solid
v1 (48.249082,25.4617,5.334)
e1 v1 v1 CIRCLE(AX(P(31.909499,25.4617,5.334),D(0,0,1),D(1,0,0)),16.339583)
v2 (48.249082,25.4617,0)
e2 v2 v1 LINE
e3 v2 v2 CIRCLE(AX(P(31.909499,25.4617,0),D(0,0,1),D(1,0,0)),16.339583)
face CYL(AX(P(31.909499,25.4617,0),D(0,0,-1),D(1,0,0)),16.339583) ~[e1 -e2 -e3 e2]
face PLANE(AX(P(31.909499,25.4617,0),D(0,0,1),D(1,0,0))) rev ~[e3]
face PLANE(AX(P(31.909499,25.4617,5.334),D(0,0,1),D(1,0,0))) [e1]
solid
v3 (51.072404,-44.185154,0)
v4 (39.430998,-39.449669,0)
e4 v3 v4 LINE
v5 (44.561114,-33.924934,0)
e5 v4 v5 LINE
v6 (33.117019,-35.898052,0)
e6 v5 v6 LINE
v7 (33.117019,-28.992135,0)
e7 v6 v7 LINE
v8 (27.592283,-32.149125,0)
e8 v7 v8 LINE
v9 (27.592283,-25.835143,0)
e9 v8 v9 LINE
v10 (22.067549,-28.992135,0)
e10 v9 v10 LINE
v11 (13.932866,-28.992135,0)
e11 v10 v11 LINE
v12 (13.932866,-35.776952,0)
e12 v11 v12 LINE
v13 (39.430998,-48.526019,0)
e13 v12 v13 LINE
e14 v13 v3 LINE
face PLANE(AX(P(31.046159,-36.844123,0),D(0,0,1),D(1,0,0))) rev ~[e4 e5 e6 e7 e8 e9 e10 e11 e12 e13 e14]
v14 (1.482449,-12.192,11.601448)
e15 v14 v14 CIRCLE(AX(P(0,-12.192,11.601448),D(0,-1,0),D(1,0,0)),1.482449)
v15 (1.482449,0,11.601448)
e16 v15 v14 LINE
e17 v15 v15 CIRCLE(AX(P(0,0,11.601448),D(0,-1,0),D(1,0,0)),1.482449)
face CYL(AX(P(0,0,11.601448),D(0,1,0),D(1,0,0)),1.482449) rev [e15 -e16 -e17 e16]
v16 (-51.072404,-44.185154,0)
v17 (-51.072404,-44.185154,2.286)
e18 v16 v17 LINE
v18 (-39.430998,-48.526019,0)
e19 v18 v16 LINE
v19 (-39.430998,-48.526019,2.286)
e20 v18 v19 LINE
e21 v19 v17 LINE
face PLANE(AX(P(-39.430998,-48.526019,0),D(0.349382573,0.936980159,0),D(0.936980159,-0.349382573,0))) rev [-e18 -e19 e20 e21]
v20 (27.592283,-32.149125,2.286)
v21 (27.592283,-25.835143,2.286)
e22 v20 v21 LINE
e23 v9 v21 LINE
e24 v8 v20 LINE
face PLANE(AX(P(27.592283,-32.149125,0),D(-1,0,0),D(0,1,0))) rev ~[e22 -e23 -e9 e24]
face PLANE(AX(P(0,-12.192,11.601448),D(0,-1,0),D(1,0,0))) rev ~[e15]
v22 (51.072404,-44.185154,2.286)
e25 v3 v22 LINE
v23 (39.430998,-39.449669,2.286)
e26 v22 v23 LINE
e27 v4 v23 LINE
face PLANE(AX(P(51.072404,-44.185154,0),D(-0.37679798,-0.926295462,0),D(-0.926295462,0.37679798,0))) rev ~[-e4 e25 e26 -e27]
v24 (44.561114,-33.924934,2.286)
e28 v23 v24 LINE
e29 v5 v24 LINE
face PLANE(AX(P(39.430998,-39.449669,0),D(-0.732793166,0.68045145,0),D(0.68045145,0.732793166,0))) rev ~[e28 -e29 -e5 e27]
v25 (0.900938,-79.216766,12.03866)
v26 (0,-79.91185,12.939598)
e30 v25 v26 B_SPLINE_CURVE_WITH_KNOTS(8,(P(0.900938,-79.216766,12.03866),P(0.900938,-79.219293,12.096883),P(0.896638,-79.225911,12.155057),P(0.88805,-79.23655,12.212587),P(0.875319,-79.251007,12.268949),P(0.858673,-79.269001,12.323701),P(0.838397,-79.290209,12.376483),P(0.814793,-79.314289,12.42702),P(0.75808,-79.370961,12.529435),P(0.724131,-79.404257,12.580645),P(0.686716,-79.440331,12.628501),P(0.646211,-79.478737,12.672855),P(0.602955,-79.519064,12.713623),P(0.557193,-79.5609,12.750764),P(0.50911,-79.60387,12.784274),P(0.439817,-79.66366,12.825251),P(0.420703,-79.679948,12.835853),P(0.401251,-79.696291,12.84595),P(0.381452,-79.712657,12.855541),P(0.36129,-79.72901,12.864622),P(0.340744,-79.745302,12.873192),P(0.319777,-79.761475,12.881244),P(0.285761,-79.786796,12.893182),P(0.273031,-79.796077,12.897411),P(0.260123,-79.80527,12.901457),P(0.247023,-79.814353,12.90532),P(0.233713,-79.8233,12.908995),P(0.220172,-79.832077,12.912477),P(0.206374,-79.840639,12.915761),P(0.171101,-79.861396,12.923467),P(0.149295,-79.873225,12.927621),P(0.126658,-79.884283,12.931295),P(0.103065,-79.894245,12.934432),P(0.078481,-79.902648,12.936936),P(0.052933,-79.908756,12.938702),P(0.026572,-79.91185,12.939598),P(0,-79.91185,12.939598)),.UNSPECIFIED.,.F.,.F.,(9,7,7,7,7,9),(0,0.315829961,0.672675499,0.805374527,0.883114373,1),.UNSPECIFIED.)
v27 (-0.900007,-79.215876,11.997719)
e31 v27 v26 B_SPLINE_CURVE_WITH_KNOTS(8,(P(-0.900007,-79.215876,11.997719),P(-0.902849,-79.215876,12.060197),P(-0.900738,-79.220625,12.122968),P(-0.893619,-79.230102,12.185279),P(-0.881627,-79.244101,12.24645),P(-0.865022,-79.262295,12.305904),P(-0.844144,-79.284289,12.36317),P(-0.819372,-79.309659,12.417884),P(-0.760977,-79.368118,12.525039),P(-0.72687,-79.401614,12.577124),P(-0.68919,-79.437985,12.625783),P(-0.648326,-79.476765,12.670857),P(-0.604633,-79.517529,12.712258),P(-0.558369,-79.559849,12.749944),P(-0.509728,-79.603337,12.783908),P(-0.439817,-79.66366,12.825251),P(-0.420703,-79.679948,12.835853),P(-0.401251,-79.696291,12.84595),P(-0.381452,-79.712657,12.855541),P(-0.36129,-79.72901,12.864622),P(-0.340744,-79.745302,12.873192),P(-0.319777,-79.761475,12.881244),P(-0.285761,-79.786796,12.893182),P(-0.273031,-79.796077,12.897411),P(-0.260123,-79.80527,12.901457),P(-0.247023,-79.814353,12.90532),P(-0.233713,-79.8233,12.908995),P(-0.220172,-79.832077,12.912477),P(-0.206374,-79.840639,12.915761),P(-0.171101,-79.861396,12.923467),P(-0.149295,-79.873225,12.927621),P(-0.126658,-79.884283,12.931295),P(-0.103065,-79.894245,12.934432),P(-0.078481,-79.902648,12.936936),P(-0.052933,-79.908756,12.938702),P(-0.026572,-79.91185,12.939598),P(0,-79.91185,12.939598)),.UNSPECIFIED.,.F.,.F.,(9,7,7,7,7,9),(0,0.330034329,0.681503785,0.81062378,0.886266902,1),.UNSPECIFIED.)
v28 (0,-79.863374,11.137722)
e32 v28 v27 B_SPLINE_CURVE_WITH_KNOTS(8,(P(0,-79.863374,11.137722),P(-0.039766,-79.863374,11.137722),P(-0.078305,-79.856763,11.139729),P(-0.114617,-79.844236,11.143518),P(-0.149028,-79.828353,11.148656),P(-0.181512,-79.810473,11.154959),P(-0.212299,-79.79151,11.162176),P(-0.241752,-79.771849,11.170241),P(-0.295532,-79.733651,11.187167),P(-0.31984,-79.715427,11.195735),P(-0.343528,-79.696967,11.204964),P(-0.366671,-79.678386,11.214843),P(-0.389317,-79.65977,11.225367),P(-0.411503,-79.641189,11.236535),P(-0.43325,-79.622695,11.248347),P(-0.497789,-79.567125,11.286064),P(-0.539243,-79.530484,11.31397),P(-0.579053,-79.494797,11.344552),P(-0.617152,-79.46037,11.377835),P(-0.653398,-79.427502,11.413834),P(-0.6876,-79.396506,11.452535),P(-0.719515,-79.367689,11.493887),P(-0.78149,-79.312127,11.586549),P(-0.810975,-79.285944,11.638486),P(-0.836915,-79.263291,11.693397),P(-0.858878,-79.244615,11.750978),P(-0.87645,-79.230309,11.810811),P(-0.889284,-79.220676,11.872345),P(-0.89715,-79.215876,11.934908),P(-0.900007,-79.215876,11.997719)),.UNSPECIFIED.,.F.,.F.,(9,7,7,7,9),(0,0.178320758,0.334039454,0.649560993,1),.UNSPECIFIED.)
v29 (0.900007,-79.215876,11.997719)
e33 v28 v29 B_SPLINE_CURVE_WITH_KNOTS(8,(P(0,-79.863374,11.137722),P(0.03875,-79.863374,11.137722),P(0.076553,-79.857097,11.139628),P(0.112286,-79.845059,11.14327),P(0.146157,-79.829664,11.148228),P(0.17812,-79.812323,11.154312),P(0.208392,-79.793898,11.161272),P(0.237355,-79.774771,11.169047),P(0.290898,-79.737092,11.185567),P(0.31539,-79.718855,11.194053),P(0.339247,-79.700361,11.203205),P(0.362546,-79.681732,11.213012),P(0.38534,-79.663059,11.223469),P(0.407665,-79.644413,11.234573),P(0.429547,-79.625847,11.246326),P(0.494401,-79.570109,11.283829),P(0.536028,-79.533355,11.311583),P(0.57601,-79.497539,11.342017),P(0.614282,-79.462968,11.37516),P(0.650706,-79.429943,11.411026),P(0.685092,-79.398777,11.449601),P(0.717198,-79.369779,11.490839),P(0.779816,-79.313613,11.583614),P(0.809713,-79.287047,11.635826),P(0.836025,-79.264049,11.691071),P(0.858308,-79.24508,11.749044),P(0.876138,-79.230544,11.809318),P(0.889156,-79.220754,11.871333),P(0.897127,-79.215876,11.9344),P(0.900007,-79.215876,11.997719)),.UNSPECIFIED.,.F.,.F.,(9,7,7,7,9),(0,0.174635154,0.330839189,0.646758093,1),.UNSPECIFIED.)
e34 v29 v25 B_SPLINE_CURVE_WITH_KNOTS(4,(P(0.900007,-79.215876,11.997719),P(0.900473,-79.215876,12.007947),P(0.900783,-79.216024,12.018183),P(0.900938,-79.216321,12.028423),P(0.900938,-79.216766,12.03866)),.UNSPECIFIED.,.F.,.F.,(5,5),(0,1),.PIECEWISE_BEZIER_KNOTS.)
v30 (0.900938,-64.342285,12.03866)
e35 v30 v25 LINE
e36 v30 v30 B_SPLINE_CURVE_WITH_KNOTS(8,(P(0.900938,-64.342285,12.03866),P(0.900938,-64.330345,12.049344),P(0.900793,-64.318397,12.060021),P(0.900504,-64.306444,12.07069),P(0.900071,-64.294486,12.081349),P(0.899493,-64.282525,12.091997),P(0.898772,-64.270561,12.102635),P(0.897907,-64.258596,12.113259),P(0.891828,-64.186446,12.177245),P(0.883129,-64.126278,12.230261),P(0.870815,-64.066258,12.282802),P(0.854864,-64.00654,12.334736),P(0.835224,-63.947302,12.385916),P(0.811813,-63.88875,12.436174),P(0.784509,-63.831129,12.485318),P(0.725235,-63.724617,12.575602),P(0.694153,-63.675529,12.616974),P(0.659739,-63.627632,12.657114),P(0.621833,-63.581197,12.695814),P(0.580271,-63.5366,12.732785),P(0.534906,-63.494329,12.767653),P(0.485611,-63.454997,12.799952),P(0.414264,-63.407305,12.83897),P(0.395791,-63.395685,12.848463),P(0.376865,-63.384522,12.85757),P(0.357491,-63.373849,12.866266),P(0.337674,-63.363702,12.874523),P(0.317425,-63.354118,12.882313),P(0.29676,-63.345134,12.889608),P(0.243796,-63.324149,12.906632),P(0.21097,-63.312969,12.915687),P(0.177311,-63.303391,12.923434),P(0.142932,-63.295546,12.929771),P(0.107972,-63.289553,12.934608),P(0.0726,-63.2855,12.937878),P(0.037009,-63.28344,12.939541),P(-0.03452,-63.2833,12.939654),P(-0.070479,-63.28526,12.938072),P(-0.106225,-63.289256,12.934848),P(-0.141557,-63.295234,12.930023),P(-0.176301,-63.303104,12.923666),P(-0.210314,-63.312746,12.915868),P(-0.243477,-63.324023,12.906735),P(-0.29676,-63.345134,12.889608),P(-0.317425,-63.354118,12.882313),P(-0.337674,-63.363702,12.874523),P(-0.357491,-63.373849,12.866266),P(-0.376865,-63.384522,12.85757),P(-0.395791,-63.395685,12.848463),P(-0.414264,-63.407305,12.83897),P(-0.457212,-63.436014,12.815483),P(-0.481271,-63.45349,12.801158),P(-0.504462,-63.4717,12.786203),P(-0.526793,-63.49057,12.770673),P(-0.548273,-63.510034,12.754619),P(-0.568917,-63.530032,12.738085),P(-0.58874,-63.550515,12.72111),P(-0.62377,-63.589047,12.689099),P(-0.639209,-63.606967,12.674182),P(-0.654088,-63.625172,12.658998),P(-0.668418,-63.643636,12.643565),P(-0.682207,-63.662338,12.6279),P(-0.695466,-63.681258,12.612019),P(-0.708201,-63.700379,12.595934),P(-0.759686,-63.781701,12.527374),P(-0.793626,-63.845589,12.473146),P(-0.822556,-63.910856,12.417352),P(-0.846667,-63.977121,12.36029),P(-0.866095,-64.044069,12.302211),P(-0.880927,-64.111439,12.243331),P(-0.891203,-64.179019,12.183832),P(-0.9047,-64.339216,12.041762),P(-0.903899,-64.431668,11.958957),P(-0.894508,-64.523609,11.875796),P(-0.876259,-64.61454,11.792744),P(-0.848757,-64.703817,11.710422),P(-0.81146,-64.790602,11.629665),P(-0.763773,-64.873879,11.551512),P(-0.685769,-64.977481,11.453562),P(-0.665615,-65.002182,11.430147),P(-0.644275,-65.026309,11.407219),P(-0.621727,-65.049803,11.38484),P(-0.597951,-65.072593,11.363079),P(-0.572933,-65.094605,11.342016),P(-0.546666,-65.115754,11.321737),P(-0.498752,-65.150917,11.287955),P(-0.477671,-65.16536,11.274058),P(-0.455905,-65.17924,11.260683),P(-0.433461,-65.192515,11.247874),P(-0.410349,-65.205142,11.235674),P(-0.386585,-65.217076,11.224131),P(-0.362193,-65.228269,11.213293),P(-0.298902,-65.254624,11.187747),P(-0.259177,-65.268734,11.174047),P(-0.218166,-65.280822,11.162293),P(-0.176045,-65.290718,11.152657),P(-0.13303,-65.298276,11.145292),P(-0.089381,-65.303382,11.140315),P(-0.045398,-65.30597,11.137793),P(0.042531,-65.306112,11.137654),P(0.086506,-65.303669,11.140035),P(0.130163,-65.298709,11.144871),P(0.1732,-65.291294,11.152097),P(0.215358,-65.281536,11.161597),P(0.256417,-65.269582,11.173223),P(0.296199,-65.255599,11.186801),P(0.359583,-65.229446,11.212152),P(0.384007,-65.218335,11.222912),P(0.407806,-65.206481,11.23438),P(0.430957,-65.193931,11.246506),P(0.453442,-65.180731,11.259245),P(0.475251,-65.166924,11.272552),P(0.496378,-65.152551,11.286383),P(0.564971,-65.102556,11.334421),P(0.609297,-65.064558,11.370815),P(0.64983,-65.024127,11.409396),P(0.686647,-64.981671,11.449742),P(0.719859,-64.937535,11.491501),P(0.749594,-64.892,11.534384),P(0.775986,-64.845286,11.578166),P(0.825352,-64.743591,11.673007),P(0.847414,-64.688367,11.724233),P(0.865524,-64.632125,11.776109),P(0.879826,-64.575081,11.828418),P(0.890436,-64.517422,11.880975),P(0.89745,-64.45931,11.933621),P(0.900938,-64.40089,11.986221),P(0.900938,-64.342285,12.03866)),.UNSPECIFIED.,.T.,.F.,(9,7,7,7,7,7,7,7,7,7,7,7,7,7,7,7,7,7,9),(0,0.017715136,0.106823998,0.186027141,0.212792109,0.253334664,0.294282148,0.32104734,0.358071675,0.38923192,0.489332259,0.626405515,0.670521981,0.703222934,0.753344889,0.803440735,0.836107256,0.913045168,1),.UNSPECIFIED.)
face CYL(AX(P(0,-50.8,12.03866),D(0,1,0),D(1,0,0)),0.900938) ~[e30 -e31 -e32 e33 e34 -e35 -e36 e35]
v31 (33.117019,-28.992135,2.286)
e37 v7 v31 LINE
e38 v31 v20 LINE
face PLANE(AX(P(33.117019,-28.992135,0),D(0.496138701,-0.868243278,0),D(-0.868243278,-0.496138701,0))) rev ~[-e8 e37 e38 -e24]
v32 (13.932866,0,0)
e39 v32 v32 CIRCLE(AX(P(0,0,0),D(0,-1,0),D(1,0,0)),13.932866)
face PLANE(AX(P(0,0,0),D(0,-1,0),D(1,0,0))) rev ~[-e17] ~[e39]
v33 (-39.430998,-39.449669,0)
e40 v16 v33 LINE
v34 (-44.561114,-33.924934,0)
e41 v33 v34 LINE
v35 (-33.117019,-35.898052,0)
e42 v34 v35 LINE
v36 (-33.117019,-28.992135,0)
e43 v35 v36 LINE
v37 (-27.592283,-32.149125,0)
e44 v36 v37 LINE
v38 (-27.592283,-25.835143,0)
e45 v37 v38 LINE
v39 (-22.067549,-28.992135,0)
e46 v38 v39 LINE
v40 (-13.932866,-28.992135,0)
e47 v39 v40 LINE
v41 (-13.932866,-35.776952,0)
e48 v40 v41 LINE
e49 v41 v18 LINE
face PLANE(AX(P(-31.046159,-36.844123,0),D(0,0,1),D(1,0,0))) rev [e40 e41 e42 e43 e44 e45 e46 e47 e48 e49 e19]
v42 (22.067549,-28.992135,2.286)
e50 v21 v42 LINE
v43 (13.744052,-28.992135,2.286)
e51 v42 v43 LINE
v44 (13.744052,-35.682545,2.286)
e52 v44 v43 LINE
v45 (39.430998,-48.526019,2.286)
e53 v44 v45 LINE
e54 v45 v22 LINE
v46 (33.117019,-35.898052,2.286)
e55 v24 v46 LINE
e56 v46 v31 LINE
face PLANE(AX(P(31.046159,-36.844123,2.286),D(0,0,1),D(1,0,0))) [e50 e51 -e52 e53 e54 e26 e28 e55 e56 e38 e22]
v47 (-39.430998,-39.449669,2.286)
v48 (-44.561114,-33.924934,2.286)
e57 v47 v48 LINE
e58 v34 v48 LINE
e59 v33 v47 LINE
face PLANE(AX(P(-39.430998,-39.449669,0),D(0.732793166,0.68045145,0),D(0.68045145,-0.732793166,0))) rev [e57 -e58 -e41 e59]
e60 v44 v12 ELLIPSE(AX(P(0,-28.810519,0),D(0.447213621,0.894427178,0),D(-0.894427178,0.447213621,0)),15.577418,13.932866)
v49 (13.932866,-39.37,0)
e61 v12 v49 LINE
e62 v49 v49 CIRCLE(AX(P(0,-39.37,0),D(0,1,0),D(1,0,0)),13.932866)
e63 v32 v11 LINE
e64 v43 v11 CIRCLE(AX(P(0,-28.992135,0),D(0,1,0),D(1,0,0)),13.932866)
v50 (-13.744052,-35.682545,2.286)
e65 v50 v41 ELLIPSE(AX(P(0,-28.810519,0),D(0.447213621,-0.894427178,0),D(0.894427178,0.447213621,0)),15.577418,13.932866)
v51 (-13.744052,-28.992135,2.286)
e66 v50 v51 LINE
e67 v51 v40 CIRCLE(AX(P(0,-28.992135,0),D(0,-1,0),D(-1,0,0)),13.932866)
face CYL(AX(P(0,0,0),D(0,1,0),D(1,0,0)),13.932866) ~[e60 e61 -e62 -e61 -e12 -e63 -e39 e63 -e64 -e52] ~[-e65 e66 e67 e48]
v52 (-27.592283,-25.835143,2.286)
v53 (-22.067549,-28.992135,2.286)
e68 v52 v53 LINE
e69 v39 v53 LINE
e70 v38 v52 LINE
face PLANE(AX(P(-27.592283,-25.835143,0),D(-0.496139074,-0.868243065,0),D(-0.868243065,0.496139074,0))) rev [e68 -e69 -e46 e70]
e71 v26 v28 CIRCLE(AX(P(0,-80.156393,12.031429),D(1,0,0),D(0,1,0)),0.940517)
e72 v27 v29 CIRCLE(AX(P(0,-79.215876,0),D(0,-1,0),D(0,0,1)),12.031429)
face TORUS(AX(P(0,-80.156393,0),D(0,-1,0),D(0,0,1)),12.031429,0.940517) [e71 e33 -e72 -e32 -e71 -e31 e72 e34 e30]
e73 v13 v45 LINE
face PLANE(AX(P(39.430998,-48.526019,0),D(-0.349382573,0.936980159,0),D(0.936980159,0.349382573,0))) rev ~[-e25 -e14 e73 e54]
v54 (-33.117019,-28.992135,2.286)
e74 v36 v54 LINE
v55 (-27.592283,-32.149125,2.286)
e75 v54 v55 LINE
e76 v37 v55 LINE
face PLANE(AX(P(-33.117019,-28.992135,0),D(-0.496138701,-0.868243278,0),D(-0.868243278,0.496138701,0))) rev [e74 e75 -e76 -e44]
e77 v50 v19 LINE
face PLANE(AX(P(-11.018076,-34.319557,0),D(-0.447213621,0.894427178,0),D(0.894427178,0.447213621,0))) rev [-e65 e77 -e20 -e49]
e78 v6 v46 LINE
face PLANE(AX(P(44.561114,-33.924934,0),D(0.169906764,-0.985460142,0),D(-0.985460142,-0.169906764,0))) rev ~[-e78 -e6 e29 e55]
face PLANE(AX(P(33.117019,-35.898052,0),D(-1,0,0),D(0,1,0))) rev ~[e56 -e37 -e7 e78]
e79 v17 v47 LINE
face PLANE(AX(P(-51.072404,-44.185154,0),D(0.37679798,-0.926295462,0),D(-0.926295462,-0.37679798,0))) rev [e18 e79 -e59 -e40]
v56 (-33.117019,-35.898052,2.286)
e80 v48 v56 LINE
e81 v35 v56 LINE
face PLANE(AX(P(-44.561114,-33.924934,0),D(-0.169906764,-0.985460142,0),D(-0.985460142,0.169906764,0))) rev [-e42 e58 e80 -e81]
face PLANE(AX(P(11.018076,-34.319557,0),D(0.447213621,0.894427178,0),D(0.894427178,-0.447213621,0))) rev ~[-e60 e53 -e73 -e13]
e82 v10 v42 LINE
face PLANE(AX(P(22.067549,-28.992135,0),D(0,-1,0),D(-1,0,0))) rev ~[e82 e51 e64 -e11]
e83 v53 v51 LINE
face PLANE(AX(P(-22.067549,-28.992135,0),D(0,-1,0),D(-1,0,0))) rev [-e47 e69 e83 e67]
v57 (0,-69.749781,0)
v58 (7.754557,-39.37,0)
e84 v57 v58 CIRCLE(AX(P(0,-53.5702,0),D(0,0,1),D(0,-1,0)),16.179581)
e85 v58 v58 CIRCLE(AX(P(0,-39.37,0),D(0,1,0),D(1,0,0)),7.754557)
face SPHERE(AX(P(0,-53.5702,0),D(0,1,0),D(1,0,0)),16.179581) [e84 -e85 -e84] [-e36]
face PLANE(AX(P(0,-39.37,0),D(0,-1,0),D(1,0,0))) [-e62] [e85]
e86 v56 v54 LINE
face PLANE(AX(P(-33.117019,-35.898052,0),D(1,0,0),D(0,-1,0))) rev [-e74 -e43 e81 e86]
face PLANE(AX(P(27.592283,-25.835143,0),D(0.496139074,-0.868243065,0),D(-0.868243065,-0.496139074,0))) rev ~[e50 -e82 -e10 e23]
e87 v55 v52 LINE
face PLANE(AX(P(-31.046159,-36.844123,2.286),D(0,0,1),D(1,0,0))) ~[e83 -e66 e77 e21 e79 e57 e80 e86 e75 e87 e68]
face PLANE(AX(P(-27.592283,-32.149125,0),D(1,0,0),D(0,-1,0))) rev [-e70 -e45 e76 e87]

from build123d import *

# Parameters (mm, degrees)
F0_R      = 13.932866
F1_DEPTH  = 39.37
F5_DEPTH  = 2.286
F6_R      = 1.482449
F7_DEPTH  = 12.192
F9_R      = 0.900938
F12_DEPTH = 29.3624
F13_R     = 0.940517
F16_R     = 16.339583
F17_DEPTH = 5.334


with BuildPart() as f1:
    # F0 (on Front) → F1 (new body)
    with BuildSketch(Plane.XZ):
        Circle(F0_R)
    extrude(amount=F1_DEPTH)

    # F2 (on Top) → F3 (revolve)
    with BuildSketch(Plane.XY):
        with BuildLine():
            Line((0, -37.390619), (0, -69.749781))
            ThreePointArc((0, -69.749781), (16.179581, -53.5702), (0, -37.390619))
        make_face()
    revolve(axis=Axis((0, -53.5702, 0), (0, 1, 0)))

    # F4 (on Top) → F5 (join)
    with BuildSketch(Plane.XY):
        Polygon((10.031518, -28.992135), (11.018076, -34.319557), (39.430998, -48.526019), (51.072404, -44.185154), (39.430998, -39.449669), (44.561114, -33.924934), (33.117019, -35.898052), (33.117019, -28.992135), (27.592283, -32.149125), (27.592283, -25.835143), (22.067549, -28.992135), align=None)
    extrude(amount=F5_DEPTH)

    # F6 (on Front) → F7 (cut)
    with BuildSketch(Plane.XZ):
        with Locations((0, 11.601448)):
            Circle(F6_R)
    extrude(amount=F7_DEPTH, mode=Mode.SUBTRACT)

    # F10: F1 across plane


with BuildPart() as f1_1:
    add(f1.part)
    add(f1.part.mirror(Plane.YZ))

    # F9 (on offset) → F12 (join)
    with BuildSketch(Plane.XZ.offset(50.8)):
        with Locations((0, 12.03866)):
            Circle(F9_R)
    extrude(amount=F12_DEPTH)

    # F13 (on Right) → F15 (revolve)
    with BuildSketch(Plane.YZ):
        with Locations((-80.156393, 12.031429)):
            Circle(F13_R)
    revolve(axis=Axis((0, -76.580219, 0), (0, -1, 0)))


with BuildPart() as f17:
    # F16 (on Top) → F17 (new body)
    with BuildSketch(Plane.XY):
        with Locations((31.909499, 25.4617)):
            Circle(F16_R)
    extrude(amount=F17_DEPTH)


solid = Compound([f1_1.part, f17.part])
